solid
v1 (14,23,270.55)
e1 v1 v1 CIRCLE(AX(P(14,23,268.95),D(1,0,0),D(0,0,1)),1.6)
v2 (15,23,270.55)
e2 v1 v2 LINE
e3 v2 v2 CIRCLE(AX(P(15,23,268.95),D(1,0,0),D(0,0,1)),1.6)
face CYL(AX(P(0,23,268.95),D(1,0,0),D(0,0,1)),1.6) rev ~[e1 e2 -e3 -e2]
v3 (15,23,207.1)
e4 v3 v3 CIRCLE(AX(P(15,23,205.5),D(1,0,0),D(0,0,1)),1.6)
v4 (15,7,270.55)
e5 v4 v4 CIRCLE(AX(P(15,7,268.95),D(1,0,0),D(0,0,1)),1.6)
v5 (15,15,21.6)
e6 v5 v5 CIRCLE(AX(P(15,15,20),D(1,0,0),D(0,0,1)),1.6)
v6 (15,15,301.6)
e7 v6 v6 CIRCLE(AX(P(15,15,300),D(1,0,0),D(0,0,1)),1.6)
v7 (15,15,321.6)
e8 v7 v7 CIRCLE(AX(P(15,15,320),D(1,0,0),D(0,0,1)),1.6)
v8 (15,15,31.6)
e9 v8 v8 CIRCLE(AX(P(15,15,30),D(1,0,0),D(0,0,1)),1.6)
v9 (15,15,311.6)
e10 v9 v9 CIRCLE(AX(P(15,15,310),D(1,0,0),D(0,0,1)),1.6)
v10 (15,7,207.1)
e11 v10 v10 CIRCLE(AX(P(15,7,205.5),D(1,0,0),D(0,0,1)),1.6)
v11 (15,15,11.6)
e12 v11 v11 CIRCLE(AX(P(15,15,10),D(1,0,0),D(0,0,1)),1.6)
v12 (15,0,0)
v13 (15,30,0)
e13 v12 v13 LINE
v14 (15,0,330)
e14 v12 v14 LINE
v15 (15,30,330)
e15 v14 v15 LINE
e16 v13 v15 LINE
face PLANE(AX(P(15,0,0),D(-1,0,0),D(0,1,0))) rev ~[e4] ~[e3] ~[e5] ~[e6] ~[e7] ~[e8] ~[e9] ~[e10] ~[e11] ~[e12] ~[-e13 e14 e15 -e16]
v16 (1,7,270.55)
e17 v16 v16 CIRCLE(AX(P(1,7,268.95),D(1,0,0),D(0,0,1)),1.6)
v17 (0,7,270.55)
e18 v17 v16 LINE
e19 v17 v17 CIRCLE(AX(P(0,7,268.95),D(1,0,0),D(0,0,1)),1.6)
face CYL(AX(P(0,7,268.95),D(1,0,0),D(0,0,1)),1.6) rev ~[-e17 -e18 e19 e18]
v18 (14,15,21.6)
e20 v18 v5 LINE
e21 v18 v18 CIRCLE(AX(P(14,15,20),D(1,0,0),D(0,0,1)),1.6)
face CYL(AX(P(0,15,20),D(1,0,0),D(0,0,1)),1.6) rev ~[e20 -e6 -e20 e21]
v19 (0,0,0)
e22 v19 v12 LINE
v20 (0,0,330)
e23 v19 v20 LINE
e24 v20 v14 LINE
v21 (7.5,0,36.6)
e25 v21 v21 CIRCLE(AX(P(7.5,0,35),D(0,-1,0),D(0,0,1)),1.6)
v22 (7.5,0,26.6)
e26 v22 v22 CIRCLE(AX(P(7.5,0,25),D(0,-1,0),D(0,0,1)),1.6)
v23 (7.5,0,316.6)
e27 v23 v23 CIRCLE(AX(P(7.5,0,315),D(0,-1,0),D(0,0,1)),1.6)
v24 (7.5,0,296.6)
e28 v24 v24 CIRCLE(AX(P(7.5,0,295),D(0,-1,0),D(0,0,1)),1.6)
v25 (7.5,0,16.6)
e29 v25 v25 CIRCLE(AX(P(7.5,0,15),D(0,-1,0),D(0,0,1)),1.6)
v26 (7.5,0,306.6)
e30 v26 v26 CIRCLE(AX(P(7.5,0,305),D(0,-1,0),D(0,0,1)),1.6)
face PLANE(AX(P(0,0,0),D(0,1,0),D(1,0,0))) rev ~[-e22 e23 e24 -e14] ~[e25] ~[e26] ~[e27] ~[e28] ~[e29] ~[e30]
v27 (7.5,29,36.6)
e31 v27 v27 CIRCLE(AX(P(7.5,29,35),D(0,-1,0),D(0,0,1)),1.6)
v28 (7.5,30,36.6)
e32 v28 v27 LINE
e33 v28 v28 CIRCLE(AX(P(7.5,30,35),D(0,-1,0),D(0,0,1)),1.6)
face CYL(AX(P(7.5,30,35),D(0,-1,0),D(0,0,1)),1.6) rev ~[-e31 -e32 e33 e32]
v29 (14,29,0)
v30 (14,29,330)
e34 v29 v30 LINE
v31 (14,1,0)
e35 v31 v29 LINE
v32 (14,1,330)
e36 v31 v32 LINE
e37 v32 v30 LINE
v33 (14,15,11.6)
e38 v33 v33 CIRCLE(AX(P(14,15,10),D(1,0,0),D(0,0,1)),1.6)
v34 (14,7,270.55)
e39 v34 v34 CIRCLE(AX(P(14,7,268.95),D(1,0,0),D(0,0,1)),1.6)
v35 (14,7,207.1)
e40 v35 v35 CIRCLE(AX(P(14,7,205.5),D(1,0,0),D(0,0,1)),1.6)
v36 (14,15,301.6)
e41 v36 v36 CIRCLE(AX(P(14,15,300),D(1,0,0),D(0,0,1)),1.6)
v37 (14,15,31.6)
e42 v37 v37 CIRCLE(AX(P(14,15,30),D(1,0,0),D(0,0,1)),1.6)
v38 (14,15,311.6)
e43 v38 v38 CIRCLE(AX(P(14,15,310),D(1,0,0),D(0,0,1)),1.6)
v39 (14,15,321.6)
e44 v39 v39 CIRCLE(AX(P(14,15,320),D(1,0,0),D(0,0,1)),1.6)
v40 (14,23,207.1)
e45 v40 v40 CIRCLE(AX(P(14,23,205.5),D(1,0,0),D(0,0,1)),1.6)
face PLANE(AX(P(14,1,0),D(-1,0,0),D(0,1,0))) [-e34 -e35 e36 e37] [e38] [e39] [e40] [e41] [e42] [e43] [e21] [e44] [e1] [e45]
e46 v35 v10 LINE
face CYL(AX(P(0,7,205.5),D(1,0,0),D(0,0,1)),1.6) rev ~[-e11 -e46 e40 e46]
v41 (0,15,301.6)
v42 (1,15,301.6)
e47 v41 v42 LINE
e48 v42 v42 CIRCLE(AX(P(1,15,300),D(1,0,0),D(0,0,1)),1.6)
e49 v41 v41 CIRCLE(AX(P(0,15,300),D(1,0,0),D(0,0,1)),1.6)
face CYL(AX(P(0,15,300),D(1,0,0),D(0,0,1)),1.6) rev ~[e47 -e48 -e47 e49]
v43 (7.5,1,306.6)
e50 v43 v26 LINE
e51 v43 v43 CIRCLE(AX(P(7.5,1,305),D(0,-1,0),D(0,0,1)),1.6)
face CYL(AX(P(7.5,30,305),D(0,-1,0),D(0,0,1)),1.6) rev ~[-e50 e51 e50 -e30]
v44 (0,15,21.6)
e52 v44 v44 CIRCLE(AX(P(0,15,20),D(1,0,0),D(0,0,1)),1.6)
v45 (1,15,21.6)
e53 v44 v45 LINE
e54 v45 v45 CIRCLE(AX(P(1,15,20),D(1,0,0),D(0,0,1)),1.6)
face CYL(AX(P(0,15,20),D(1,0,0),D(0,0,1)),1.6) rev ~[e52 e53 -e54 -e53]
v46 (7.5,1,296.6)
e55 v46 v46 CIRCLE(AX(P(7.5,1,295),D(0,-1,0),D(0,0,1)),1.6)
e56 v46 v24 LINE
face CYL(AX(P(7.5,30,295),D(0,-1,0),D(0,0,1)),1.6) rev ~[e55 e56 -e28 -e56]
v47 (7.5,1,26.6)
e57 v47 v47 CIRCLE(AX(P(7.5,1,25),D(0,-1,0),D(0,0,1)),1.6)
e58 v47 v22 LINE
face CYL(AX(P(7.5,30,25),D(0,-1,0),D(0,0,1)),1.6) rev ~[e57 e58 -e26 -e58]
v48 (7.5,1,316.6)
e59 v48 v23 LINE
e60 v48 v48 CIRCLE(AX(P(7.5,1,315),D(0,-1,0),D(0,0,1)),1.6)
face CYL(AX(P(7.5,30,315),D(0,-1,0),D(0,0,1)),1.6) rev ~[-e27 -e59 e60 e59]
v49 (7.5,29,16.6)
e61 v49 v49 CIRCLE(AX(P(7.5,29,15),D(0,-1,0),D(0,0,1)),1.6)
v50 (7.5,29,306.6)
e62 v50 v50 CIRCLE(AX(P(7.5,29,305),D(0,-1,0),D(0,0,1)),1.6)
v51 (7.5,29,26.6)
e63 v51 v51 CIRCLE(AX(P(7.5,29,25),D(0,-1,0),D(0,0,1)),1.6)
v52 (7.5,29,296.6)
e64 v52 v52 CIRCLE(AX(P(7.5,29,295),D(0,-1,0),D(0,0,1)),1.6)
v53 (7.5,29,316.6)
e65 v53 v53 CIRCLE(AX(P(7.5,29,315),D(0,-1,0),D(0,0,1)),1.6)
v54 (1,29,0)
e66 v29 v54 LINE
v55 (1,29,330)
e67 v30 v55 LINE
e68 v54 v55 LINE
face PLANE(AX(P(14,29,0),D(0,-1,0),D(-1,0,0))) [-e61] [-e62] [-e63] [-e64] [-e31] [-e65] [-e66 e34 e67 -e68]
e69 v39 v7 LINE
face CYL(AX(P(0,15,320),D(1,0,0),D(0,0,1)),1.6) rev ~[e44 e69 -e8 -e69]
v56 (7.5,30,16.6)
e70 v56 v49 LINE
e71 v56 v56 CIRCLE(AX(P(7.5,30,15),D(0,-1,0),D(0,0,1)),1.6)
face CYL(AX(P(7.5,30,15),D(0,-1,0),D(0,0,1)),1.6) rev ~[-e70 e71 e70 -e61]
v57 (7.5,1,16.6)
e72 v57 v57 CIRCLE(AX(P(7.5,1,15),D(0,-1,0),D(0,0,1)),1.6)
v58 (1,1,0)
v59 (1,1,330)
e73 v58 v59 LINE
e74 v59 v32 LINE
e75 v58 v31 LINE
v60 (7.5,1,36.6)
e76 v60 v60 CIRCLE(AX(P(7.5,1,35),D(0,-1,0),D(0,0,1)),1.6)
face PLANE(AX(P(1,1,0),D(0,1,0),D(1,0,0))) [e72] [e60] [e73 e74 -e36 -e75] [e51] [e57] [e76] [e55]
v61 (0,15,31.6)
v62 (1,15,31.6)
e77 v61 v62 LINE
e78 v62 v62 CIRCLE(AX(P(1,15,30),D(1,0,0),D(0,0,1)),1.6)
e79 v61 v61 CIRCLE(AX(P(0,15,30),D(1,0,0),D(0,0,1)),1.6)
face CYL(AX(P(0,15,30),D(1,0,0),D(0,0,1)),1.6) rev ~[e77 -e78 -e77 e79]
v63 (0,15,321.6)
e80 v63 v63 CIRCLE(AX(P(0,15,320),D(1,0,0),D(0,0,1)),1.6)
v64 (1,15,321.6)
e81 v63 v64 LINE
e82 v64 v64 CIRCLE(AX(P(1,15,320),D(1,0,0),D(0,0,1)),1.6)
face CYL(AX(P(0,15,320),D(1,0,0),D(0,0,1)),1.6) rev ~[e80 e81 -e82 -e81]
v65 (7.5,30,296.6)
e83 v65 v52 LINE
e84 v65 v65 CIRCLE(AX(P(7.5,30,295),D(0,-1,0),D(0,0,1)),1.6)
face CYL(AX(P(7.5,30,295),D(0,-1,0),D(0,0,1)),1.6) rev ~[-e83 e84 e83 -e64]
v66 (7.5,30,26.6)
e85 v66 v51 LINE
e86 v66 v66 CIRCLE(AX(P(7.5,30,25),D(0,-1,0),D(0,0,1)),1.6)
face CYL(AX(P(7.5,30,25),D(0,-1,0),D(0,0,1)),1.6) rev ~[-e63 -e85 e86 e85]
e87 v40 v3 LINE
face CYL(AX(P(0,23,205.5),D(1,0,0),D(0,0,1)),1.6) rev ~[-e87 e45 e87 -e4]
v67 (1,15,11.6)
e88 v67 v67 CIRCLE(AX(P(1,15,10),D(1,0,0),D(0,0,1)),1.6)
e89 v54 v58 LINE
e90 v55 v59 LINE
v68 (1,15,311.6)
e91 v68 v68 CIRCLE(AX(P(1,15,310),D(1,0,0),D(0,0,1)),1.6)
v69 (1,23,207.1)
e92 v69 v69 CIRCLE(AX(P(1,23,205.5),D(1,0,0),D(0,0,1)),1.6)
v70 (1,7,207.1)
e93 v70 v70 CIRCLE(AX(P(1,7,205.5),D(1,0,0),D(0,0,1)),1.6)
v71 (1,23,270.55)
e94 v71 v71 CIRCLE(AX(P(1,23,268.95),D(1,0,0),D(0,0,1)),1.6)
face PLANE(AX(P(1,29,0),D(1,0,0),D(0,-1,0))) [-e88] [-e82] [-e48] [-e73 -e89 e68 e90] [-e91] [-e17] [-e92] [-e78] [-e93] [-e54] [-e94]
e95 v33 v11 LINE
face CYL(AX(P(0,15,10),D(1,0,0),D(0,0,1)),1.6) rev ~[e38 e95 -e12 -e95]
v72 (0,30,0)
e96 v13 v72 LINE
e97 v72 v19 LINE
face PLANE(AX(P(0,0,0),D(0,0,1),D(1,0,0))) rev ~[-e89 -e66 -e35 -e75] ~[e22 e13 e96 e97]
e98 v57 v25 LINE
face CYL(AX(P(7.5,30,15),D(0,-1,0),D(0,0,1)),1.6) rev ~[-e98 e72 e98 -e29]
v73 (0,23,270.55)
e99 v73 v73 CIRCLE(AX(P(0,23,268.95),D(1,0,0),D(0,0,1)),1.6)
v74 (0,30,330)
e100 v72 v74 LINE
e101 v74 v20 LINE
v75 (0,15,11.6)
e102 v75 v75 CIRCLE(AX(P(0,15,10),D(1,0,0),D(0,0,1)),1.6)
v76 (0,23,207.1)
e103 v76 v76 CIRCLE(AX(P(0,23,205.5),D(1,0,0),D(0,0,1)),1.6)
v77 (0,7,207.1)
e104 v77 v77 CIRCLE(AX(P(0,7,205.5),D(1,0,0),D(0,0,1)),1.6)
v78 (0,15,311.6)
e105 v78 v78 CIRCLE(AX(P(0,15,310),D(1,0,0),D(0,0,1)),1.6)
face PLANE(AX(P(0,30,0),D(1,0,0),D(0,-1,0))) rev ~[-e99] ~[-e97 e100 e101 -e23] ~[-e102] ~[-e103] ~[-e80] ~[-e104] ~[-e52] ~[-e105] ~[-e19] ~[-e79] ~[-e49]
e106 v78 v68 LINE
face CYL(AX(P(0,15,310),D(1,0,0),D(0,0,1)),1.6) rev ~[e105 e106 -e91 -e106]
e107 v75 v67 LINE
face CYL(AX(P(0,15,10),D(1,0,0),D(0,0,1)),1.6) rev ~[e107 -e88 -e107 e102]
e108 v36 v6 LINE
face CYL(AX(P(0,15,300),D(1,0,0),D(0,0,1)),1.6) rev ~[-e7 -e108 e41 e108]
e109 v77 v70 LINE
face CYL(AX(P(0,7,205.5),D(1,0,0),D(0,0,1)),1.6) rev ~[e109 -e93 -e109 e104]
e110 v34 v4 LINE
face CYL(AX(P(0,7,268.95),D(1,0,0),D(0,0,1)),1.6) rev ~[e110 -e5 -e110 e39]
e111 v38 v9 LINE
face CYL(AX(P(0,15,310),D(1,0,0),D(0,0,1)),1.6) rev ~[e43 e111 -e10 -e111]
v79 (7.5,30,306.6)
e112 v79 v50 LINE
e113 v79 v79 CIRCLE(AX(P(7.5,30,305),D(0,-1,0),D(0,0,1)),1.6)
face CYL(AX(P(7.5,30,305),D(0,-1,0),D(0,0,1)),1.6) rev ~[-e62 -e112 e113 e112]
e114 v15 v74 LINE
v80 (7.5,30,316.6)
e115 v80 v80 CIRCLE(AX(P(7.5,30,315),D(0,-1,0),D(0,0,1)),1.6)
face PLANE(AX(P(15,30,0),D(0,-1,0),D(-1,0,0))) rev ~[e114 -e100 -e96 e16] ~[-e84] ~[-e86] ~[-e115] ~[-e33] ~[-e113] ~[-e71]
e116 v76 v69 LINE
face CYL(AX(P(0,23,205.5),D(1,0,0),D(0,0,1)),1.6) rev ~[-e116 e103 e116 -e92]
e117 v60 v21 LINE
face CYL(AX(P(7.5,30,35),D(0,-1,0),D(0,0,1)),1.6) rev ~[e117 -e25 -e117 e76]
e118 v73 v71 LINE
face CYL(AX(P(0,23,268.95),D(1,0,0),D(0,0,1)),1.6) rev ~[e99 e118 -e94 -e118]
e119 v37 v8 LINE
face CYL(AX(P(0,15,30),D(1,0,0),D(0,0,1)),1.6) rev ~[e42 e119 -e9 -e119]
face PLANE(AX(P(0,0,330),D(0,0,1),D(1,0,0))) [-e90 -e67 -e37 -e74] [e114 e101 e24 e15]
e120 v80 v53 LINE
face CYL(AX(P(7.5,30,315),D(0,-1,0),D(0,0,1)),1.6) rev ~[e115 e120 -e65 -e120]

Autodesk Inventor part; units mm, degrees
ref_plane "YZ Plane" through (0, 0, 0) normal (1, 0, 0) x (0, 1, 0)
ref_plane "XZ Plane" through (0, 0, 0) normal (0, 1, 0) x (-1, 0, 0)
ref_plane "XY Plane" through (0, 0, 0) normal (0, 0, 1) x (1, 0, 0)
sketch "スケッチ1" plane through (0, 0, 0) normal (0, 0, 1) x (1, 0, 0)
  line L0 (0, 0) -> (15, 0)
  line L1 (15, 0) -> (15, 30)
  line L2 (15, 30) -> (0, 30)
  line L3 (0, 30) -> (0, 0)
  line L4 (1, 1) -> (14, 1)
  line L5 (14, 1) -> (14, 29)
  line L6 (14, 29) -> (1, 29)
  line L7 (1, 29) -> (1, 1)
  dimension "d0" = 15
  dimension "d1" = 30
  dimension "d2" = 13
  dimension "d3" = 28
  dimension "d4" = 1
  dimension "d5" = 1
extrude "押し出し1" add sketch "スケッチ1" along normal blind 330
sketch "スケッチ2" plane through (0, 30, 0) normal (0, 1, 0) x (1, 0, 0)
  circle A0 centre (7.5, -15) radius 1.6
  line L0 (0, 0) -> (0, -330) projected
  line L1 (15, 0) -> (0, 0) projected
  circle A1 centre (7.5, -25) radius 1.6
  circle A2 centre (7.5, -35) radius 1.6
  circle A3 centre (7.5, -315) radius 1.6
  line L2 (15, -330) -> (0, -330) projected
  circle A4 centre (7.5, -305) radius 1.6
  circle A5 centre (7.5, -295) radius 1.6
  dimension "d8" = 3.2
  dimension "d9" = 7.5
  dimension "d10" = 15
  dimension "d11" = 3.2
  dimension "d12" = 10
  dimension "d13" = 3.2
  dimension "d14" = 10
  dimension "d15" = 3.2
  dimension "d16" = 15
  dimension "d17" = 7.5
  dimension "d18" = 3.2
  dimension "d19" = 10
  dimension "d20" = 3.2
  dimension "d21" = 10
hole "穴1" at (7.5, 30, 315) at (7.5, 30, 305) at (7.5, 30, 295) at (7.5, 30, 15) at (7.5, 30, 25) at (7.5, 30, 35) direction (0, -1, 0) diameter 3.2 depth 30
sketch "スケッチ3" plane through (0, 0, 0) normal (-1, 0, 0) x (0, 0, 1)
  circle A0 centre (10, 15) radius 1.6
  line L0 (0, 0) -> (330, 0) projected
  line L1 (0, 30) -> (0, 0) projected
  circle A1 centre (20, 15) radius 1.6
  circle A2 centre (30, 15) radius 1.6
  circle A3 centre (320, 15) radius 1.6
  line L2 (330, 30) -> (330, 0) projected
  circle A4 centre (310, 15) radius 1.6
  circle A5 centre (300, 15) radius 1.6
  dimension "d29" = 3.2
  dimension "d30" = 15
  dimension "d31" = 10
  dimension "d32" = 3.2
  dimension "d33" = 3.2
  dimension "d34" = 10
  dimension "d35" = 10
  dimension "d36" = 3.2
  dimension "d37" = 15
  dimension "d38" = 10
  dimension "d39" = 3.2
  dimension "d40" = 3.2
  dimension "d41" = 10
  dimension "d42" = 10
  dimension "d43" = 15
  dimension "d44" = 15
  dimension "d45" = 15
  dimension "d46" = 15
hole "穴2" at (0, 15, 10) at (0, 15, 20) at (0, 15, 30) at (0, 15, 300) at (0, 15, 310) at (0, 15, 320) direction (1, 0, 0) diameter 3.2 depth 15
sketch "スケッチ4" plane through (0, 0, 0) normal (-1, 0, 0) x (0, 0, 1)
  line L0 (165, 29.8281) -> (165, -0.1719) construction
  line L1 (0, 1) -> (330, 1) projected
  line L2 (165, 29.8281) -> (195, 29.8281) construction
  line L3 (0, 30) -> (0, 0) projected
  dimension "d54" = 30
  dimension "d55" = 90
  dimension "d56" = 165
sketch "スケッチ5" plane through (0, 0, 0) normal (-1, 0, 0) x (0, 0, 1)
  point P0 (0, 0)
sketch "スケッチ6" plane through (0, 0, 0) normal (-1, 0, 0) x (0, 0, 1)
  circle A0 centre (205.5, 23) radius 1.6
  circle A1 centre (205.5, 7) radius 1.6
  line L0 (0, 30) -> (330, 30) projected
  line L1 (0, 0) -> (330, 0) projected
  line L2 (0, 30) -> (0, 0) projected
  circle A2 centre (268.95, 23) radius 1.6
  circle A3 centre (268.95, 7) radius 1.6
  dimension "d57" = 3.2
  dimension "d58" = 3.2
  dimension "d59" = 16
  dimension "d60" = 7
  dimension "d61" = 7
  dimension "d62" = 205.5
  dimension "d63" = 3.2
  dimension "d64" = 63.45
  dimension "d65" = 7
  dimension "d66" = 3.2
  dimension "d67" = 16
  dimension "d68" = 7
hole "穴3" at (0, 23, 205.5) at (0, 7, 205.5) at (0, 23, 268.95) at (0, 7, 268.95) direction (1, 0, 0) diameter 3.2 depth 15
equation "\"BendRadius\" = Thickness"
equation "\"BendReliefWidth\" = Thickness"
equation "\"BendReliefDepth\" = 0.5 * Thickness"
equation "\"CornerReliefSize\" = 4 * Thickness"
equation "\"MinimumRemnant\" = 2 * Thickness"
equation "\"TransitionRadius\" = BendRadius"
equation "\"JacobiRadiusSize\" = BendRadius"
equation "\"GapSize\" = Thickness"
equation "\"Thickness\" = 0.5"
properties part number "nhk40"
